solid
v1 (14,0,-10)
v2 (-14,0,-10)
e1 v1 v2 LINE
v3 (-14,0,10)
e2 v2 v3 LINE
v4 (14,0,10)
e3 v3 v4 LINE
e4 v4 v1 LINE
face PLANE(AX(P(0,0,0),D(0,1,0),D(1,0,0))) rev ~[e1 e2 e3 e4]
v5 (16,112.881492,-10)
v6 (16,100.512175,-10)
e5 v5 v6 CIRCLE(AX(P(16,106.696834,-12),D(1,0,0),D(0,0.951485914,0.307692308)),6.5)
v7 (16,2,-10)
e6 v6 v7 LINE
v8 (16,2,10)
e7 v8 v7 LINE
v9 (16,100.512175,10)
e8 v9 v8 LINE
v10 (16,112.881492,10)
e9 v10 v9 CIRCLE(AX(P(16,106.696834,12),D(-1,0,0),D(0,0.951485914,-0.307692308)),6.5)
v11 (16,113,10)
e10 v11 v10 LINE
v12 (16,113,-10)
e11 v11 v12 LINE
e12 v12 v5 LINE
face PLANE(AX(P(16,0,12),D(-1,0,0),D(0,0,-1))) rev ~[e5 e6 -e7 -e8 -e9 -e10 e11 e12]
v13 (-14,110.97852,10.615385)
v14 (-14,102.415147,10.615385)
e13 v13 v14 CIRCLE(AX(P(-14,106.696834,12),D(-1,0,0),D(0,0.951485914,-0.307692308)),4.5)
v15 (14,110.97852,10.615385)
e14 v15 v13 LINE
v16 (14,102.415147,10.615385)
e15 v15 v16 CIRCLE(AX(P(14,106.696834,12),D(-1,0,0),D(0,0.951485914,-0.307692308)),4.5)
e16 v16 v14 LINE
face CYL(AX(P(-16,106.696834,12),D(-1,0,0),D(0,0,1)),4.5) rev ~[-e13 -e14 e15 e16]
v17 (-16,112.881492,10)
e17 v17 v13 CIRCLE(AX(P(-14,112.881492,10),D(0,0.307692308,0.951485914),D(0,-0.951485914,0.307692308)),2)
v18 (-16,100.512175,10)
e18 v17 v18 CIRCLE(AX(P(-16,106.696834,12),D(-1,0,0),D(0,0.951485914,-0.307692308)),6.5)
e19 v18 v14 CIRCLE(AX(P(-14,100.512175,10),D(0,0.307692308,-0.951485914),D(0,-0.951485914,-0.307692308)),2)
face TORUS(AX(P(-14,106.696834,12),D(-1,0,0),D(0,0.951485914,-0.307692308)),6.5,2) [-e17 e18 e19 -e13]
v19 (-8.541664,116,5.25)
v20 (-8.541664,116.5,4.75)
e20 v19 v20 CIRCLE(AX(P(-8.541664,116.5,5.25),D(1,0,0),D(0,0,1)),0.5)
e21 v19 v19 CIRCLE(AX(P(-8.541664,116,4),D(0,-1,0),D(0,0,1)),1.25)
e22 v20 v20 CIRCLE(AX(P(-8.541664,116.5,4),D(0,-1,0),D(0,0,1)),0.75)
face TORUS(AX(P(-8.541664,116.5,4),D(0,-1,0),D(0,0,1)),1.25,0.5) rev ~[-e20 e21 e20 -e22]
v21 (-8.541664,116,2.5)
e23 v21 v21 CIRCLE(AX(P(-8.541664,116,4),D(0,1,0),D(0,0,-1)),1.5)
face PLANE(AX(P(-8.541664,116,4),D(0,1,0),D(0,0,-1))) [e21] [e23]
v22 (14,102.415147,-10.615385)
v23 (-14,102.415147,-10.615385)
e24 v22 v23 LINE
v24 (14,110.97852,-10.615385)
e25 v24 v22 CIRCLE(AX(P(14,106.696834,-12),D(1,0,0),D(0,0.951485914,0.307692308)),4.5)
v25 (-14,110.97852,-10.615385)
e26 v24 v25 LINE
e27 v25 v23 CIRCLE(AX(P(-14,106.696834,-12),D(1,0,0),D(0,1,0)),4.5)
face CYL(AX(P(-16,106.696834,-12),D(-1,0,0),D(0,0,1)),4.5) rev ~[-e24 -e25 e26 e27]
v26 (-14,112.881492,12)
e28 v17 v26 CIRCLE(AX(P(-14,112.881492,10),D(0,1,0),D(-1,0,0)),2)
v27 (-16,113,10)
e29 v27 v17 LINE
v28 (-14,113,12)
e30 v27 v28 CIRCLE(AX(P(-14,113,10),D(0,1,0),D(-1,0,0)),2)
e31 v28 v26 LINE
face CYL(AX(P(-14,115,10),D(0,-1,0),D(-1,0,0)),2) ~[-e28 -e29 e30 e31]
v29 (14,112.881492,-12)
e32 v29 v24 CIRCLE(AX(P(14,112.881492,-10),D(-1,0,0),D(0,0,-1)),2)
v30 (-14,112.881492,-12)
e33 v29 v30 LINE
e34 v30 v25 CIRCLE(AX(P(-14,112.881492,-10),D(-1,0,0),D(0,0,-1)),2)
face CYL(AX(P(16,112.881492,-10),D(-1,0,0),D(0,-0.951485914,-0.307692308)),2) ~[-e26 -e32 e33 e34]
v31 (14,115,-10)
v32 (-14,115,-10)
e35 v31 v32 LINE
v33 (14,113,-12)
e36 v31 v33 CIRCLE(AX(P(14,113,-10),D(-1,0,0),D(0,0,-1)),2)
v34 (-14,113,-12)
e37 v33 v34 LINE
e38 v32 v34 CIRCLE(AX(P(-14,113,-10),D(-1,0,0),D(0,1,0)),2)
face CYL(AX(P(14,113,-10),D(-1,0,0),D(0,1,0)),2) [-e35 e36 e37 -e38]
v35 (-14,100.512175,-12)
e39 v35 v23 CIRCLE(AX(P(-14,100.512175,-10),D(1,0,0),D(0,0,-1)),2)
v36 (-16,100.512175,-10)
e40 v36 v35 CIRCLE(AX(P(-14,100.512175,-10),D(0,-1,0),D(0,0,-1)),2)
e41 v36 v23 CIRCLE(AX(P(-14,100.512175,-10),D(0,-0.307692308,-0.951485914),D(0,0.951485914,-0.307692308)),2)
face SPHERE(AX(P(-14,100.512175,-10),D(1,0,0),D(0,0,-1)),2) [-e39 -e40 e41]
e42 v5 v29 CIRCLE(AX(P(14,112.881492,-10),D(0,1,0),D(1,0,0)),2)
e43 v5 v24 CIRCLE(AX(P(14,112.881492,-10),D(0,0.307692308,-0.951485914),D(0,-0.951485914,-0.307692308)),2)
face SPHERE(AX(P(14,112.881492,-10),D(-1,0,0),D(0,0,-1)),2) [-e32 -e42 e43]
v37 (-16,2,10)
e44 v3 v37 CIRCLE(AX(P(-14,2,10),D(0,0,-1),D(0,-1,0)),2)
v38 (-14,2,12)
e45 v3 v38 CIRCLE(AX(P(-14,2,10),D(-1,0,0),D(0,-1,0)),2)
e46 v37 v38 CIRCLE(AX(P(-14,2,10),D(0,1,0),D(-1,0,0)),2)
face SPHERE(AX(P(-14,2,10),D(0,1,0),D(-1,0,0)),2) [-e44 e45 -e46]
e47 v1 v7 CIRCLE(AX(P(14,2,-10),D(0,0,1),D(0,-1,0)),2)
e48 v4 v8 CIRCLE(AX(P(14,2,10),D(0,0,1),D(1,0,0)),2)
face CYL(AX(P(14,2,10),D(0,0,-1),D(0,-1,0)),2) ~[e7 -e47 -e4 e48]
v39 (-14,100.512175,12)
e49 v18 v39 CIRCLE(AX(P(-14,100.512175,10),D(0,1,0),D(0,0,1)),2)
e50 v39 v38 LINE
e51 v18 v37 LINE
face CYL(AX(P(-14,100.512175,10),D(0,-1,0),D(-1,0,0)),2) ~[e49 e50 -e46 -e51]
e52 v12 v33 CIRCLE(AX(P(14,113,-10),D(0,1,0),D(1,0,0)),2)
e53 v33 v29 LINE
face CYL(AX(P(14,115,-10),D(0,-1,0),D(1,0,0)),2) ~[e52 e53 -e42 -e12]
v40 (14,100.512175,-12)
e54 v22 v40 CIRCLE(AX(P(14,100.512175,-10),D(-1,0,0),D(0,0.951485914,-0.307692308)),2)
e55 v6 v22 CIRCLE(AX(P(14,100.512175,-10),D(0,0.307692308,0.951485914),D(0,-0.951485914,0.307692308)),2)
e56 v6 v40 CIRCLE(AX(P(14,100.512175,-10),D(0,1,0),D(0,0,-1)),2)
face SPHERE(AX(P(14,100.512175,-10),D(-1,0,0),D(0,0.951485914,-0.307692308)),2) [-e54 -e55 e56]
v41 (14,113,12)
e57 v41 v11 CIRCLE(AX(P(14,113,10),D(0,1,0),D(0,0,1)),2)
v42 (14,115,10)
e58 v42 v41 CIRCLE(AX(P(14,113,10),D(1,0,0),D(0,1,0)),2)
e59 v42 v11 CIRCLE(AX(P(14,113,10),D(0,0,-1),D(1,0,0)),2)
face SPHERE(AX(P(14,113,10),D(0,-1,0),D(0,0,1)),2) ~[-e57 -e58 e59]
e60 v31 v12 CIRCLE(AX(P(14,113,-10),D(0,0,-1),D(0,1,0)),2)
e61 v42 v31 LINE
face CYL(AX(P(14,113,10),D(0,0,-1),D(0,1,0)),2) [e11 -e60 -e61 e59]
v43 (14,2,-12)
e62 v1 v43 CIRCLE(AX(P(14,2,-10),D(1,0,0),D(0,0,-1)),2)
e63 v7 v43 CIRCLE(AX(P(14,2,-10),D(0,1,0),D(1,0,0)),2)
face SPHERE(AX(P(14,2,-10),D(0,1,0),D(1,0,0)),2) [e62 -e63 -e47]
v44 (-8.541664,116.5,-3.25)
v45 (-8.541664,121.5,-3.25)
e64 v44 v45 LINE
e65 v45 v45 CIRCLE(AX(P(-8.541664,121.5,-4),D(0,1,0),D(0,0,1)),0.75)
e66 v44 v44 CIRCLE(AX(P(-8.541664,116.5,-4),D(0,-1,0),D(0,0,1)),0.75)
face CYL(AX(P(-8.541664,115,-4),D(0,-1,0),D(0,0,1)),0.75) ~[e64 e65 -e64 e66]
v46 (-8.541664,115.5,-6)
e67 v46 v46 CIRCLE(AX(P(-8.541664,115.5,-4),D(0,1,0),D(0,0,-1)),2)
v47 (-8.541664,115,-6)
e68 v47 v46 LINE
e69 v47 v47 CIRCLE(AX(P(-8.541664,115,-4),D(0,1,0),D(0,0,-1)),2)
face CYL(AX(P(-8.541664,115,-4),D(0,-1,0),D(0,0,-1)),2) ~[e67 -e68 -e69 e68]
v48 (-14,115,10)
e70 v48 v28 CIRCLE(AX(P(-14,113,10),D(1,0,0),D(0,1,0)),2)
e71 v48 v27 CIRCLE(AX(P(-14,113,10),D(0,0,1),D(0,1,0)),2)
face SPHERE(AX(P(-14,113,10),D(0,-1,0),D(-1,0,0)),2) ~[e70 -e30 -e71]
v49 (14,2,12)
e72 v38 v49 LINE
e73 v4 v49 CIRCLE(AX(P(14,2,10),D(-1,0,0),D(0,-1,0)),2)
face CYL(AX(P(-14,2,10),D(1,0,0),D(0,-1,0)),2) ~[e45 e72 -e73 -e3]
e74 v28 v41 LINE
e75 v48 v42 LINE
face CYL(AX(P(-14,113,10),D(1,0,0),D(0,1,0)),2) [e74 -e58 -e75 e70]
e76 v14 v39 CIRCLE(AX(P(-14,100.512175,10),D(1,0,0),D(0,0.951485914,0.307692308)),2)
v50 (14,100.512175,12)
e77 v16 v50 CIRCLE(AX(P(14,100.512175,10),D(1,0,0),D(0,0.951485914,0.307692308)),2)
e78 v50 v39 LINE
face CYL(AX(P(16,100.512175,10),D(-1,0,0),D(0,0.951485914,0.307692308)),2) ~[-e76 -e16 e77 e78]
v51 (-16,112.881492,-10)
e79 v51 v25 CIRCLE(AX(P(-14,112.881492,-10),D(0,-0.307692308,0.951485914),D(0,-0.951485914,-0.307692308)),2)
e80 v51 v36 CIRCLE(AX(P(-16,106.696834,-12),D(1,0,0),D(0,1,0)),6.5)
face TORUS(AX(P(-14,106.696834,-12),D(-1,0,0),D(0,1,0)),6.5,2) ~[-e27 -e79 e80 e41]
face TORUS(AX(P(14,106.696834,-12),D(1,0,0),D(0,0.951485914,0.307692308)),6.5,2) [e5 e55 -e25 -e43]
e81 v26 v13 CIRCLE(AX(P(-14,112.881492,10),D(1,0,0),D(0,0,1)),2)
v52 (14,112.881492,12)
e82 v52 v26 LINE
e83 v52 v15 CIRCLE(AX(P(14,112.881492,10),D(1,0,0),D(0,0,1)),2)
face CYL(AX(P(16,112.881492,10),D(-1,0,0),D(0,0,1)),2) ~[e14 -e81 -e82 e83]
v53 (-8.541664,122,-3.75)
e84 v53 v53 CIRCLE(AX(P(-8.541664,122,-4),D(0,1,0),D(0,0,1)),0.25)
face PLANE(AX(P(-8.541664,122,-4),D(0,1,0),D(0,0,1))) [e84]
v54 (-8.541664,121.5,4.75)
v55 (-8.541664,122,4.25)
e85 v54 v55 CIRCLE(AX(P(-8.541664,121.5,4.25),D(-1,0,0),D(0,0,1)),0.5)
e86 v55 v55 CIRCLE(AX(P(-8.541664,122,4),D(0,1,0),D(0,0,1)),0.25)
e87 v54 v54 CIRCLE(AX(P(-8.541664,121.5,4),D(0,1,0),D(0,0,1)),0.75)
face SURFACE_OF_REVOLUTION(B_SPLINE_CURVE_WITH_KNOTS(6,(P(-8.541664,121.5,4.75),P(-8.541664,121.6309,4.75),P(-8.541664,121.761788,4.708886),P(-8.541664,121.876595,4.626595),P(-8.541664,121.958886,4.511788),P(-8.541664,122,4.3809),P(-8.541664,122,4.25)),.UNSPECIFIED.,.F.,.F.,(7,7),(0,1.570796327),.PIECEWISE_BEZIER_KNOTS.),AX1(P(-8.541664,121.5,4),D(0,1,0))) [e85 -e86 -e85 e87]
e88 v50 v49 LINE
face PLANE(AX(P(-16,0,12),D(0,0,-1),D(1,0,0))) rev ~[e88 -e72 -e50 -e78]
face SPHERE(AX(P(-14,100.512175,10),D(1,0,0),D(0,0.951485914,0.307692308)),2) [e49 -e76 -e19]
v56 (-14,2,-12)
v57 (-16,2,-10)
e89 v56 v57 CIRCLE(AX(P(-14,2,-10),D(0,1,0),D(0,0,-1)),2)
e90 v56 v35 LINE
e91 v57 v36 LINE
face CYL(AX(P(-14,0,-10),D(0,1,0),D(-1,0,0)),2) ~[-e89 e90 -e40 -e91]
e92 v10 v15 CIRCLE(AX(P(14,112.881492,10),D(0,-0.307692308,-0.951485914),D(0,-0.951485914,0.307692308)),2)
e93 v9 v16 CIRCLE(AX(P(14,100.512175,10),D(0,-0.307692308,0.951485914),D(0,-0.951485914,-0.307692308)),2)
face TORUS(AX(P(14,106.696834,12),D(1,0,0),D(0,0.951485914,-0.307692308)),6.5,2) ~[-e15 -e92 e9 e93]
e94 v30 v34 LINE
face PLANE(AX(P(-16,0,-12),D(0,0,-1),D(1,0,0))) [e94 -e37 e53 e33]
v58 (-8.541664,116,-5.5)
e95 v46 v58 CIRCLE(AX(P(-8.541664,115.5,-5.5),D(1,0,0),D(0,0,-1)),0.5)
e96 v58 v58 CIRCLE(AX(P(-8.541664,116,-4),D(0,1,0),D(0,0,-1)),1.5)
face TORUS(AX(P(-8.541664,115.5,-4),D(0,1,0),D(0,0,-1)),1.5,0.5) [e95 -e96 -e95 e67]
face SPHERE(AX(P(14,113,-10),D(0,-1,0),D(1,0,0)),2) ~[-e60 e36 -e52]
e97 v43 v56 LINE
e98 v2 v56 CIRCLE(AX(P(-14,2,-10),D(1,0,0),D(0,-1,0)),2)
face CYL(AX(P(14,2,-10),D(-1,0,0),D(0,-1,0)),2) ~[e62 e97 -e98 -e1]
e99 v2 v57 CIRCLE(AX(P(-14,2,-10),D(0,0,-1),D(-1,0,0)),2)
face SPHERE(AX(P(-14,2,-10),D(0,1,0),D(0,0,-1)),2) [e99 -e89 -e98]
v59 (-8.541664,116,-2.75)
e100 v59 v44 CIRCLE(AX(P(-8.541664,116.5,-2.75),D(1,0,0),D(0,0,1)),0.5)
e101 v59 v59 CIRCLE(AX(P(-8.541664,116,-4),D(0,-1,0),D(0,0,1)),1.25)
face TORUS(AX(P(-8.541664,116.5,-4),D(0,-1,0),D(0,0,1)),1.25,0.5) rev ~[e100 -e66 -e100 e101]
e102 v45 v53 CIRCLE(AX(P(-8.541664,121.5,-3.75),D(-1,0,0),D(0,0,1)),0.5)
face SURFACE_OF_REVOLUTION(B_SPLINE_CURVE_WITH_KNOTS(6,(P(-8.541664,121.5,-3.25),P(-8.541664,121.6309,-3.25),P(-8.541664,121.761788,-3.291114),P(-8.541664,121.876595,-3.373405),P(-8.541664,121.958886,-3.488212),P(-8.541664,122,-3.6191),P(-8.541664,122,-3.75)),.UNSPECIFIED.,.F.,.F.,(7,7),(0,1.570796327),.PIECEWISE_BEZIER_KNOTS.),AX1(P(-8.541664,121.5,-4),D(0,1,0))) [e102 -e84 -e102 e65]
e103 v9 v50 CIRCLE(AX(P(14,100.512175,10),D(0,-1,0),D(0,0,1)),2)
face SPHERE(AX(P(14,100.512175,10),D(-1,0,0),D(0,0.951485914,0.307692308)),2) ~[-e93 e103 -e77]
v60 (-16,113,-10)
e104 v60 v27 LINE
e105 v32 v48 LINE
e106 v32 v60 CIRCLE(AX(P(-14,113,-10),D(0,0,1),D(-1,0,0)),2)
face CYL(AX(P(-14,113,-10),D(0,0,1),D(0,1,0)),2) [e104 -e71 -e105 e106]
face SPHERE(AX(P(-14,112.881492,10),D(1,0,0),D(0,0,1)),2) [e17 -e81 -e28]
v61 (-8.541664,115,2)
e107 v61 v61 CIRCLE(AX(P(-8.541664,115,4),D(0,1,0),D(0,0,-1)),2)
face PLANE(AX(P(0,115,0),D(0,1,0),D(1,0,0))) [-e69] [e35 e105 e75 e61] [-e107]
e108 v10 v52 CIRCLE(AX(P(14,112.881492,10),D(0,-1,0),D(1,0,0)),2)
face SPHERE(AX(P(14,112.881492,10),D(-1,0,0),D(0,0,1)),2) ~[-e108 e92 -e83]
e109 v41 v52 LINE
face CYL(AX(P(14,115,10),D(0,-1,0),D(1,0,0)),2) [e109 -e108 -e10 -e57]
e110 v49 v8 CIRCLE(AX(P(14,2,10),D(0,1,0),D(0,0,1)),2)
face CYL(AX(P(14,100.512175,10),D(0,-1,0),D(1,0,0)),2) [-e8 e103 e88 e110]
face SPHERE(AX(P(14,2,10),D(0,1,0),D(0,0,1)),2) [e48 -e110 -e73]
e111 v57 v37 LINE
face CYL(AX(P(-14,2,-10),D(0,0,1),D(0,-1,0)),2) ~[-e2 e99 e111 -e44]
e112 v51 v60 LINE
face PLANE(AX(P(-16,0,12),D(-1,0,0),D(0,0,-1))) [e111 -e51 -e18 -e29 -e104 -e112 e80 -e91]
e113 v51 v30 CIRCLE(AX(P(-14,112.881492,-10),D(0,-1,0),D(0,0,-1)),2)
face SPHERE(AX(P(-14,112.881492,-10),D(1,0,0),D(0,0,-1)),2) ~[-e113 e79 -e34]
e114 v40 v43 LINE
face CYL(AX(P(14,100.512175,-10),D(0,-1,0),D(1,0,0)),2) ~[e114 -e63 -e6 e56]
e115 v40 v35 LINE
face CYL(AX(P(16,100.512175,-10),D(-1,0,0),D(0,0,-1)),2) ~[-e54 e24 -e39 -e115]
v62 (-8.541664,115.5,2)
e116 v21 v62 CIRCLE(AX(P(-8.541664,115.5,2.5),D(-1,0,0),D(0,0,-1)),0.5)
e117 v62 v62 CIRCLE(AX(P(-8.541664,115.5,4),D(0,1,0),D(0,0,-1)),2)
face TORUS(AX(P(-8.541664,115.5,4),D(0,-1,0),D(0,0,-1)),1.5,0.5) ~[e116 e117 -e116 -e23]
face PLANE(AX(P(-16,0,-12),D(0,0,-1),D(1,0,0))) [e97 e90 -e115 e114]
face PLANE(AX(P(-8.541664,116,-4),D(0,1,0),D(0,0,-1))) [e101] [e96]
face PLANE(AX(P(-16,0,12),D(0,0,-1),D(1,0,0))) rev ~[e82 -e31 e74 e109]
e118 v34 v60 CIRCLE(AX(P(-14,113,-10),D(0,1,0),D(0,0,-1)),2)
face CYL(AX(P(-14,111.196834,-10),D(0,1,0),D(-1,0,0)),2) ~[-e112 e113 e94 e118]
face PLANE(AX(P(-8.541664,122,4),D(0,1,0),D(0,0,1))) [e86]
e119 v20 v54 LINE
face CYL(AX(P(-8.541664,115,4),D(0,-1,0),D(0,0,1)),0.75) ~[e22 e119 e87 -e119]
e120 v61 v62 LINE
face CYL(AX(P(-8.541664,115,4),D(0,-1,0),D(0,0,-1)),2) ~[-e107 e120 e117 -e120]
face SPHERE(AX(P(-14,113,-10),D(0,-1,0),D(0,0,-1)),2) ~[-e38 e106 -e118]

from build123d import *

# Parameters (mm, degrees)
SKETCH1_W           = 32
SKETCH1_H           = 24
BOSS_EXTRUDE1_DEPTH = 115
SKETCH2_R           = 4.5
CUT_EXTRUDE1_DEPTH  = 40
FILLET1_R           = 2
FILLET2_R           = 2
FILLET3_R           = 2
FILLET4_R           = 2
FILLET5_R           = 2
FILLET6_R           = 2
SKETCH3_R           = 2
BOSS_EXTRUDE2_DEPTH = 1
SKETCH4_R           = 0.75
BOSS_EXTRUDE3_DEPTH = 7
FILLET7_R           = 0.5
FILLET8_R           = 0.5


with BuildPart() as part:
    # Sketch1 → Boss-Extrude1 (new body)
    with BuildSketch(Plane(origin=(0, 0, 0), x_dir=(1, 0, 0), z_dir=(0, 1, 0))):
        Rectangle(SKETCH1_W, SKETCH1_H)
    extrude(amount=BOSS_EXTRUDE1_DEPTH)

    # Sketch2 → Cut-Extrude1 (cut)
    with BuildSketch(Plane.ZY.offset(16)):
        with Locations((12, 106.696833766)):
            Circle(SKETCH2_R)
        with Locations((-12, 106.696833766)):
            Circle(SKETCH2_R)
    extrude(amount=-CUT_EXTRUDE1_DEPTH, mode=Mode.SUBTRACT)

    # Fillet1
    fillet1_edges = [part.edges().sort_by_distance(p)[0] for p in [
        (0, 111.196833766, 12),
        (0, 102.196833766, 12),
    ]]
    fillet(fillet1_edges, radius=FILLET1_R)

    # Fillet2
    fillet2_edges = [part.edges().sort_by_distance(p)[0] for p in [
        (-16, 106.696833766, 7.5),
        (-16, 50.256087664, 12),
        (-16, 101.688872139, 11.61721508),
        (-16, 111.704795394, 11.61721508),
        (-16, 113.940746102, 12),
    ]]
    fillet(fillet2_edges, radius=FILLET2_R)

    # Fillet3
    fillet3_edges = [part.edges().sort_by_distance(p)[0] for p in [
        (-16, 51.098416883, -12),
        (-16, 106.696833766, -7.5),
        (0, 111.196833766, -12),
        (0, 102.196833766, -12),
        (-16, 113.098416883, -12),
    ]]
    fillet(fillet3_edges, radius=FILLET3_R)

    # Fillet4
    fillet4_edges = [part.edges().sort_by_distance(p)[0] for p in [
        (16, 106.696833766, 7.5),
        (16, 50.256087664, 12),
        (16, 101.688872139, 11.61721508),
        (16, 111.704795394, 11.61721508),
        (16, 106.696833766, -7.5),
        (16, 50.256087664, -12),
        (16, 101.688872139, -11.61721508),
        (16, 111.704795394, -11.61721508),
        (16, 113.940746102, 12),
        (16, 113.940746102, -12),
    ]]
    fillet(fillet4_edges, radius=FILLET4_R)

    # Fillet5
    fillet5_edges = [part.edges().sort_by_distance(p)[0] for p in [
        (0, 0, 12),
        (-15.414213562, 0, 11.414213562),
        (-16, 0, 0),
        (-15.414213562, 0, -11.414213562),
        (0, 0, -12),
        (16, 0, 0),
        (15.414213562, 0, 11.414213562),
        (15.414213562, 0, -11.414213562),
    ]]
    fillet(fillet5_edges, radius=FILLET5_R)

    # Fillet6
    fillet6_edges = [part.edges().sort_by_distance(p)[0] for p in [
        (0, 115, 12),
        (-15.414213562, 115, 11.414213562),
        (-16, 115, 0),
        (-15.414213562, 115, -11.414213562),
        (16, 115, 0),
        (0, 115, -12),
        (15.414213562, 115, 11.414213562),
        (15.414213562, 115, -11.414213562),
    ]]
    fillet(fillet6_edges, radius=FILLET6_R)

    # Sketch3 → Boss-Extrude2 (add)
    with BuildSketch(Plane(origin=(0, 115, 0), x_dir=(1, 0, 0), z_dir=(0, 1, 0))):
        with Locations(Location((-8.5416641, -4, 0), (0, 0, 90))):
            Circle(SKETCH3_R)
        with Locations(Location((-8.5416641, 4, 0), (0, 0, 90))):
            Circle(SKETCH3_R)
    extrude(amount=BOSS_EXTRUDE2_DEPTH)

    # Sketch4 → Boss-Extrude3 (add)
    with BuildSketch(Plane(origin=(0, 115, 0), x_dir=(1, 0, 0), z_dir=(0, 1, 0))):
        with Locations(Location((-8.5416641, -4, 0), (0, 0, 270))):
            Circle(SKETCH4_R)
        with Locations(Location((-8.5416641, 4, 0), (0, 0, 270))):
            Circle(SKETCH4_R)
    extrude(amount=BOSS_EXTRUDE3_DEPTH)

    # Fillet7
    fillet7_edges = [part.edges().sort_by_distance(p)[0] for p in [
        (-8.5416641, 116, 6),
        (-8.5416641, 116, -2),
    ]]
    fillet(fillet7_edges, radius=FILLET7_R)

    # Fillet8
    fillet8_edges = [part.edges().sort_by_distance(p)[0] for p in [
        (-8.5416641, 116, 3.25),
        (-8.5416641, 122, 3.25),
        (-8.5416641, 116, -4.75),
        (-8.5416641, 122, -4.75),
    ]]
    fillet(fillet8_edges, radius=FILLET8_R)


solid = part.part
